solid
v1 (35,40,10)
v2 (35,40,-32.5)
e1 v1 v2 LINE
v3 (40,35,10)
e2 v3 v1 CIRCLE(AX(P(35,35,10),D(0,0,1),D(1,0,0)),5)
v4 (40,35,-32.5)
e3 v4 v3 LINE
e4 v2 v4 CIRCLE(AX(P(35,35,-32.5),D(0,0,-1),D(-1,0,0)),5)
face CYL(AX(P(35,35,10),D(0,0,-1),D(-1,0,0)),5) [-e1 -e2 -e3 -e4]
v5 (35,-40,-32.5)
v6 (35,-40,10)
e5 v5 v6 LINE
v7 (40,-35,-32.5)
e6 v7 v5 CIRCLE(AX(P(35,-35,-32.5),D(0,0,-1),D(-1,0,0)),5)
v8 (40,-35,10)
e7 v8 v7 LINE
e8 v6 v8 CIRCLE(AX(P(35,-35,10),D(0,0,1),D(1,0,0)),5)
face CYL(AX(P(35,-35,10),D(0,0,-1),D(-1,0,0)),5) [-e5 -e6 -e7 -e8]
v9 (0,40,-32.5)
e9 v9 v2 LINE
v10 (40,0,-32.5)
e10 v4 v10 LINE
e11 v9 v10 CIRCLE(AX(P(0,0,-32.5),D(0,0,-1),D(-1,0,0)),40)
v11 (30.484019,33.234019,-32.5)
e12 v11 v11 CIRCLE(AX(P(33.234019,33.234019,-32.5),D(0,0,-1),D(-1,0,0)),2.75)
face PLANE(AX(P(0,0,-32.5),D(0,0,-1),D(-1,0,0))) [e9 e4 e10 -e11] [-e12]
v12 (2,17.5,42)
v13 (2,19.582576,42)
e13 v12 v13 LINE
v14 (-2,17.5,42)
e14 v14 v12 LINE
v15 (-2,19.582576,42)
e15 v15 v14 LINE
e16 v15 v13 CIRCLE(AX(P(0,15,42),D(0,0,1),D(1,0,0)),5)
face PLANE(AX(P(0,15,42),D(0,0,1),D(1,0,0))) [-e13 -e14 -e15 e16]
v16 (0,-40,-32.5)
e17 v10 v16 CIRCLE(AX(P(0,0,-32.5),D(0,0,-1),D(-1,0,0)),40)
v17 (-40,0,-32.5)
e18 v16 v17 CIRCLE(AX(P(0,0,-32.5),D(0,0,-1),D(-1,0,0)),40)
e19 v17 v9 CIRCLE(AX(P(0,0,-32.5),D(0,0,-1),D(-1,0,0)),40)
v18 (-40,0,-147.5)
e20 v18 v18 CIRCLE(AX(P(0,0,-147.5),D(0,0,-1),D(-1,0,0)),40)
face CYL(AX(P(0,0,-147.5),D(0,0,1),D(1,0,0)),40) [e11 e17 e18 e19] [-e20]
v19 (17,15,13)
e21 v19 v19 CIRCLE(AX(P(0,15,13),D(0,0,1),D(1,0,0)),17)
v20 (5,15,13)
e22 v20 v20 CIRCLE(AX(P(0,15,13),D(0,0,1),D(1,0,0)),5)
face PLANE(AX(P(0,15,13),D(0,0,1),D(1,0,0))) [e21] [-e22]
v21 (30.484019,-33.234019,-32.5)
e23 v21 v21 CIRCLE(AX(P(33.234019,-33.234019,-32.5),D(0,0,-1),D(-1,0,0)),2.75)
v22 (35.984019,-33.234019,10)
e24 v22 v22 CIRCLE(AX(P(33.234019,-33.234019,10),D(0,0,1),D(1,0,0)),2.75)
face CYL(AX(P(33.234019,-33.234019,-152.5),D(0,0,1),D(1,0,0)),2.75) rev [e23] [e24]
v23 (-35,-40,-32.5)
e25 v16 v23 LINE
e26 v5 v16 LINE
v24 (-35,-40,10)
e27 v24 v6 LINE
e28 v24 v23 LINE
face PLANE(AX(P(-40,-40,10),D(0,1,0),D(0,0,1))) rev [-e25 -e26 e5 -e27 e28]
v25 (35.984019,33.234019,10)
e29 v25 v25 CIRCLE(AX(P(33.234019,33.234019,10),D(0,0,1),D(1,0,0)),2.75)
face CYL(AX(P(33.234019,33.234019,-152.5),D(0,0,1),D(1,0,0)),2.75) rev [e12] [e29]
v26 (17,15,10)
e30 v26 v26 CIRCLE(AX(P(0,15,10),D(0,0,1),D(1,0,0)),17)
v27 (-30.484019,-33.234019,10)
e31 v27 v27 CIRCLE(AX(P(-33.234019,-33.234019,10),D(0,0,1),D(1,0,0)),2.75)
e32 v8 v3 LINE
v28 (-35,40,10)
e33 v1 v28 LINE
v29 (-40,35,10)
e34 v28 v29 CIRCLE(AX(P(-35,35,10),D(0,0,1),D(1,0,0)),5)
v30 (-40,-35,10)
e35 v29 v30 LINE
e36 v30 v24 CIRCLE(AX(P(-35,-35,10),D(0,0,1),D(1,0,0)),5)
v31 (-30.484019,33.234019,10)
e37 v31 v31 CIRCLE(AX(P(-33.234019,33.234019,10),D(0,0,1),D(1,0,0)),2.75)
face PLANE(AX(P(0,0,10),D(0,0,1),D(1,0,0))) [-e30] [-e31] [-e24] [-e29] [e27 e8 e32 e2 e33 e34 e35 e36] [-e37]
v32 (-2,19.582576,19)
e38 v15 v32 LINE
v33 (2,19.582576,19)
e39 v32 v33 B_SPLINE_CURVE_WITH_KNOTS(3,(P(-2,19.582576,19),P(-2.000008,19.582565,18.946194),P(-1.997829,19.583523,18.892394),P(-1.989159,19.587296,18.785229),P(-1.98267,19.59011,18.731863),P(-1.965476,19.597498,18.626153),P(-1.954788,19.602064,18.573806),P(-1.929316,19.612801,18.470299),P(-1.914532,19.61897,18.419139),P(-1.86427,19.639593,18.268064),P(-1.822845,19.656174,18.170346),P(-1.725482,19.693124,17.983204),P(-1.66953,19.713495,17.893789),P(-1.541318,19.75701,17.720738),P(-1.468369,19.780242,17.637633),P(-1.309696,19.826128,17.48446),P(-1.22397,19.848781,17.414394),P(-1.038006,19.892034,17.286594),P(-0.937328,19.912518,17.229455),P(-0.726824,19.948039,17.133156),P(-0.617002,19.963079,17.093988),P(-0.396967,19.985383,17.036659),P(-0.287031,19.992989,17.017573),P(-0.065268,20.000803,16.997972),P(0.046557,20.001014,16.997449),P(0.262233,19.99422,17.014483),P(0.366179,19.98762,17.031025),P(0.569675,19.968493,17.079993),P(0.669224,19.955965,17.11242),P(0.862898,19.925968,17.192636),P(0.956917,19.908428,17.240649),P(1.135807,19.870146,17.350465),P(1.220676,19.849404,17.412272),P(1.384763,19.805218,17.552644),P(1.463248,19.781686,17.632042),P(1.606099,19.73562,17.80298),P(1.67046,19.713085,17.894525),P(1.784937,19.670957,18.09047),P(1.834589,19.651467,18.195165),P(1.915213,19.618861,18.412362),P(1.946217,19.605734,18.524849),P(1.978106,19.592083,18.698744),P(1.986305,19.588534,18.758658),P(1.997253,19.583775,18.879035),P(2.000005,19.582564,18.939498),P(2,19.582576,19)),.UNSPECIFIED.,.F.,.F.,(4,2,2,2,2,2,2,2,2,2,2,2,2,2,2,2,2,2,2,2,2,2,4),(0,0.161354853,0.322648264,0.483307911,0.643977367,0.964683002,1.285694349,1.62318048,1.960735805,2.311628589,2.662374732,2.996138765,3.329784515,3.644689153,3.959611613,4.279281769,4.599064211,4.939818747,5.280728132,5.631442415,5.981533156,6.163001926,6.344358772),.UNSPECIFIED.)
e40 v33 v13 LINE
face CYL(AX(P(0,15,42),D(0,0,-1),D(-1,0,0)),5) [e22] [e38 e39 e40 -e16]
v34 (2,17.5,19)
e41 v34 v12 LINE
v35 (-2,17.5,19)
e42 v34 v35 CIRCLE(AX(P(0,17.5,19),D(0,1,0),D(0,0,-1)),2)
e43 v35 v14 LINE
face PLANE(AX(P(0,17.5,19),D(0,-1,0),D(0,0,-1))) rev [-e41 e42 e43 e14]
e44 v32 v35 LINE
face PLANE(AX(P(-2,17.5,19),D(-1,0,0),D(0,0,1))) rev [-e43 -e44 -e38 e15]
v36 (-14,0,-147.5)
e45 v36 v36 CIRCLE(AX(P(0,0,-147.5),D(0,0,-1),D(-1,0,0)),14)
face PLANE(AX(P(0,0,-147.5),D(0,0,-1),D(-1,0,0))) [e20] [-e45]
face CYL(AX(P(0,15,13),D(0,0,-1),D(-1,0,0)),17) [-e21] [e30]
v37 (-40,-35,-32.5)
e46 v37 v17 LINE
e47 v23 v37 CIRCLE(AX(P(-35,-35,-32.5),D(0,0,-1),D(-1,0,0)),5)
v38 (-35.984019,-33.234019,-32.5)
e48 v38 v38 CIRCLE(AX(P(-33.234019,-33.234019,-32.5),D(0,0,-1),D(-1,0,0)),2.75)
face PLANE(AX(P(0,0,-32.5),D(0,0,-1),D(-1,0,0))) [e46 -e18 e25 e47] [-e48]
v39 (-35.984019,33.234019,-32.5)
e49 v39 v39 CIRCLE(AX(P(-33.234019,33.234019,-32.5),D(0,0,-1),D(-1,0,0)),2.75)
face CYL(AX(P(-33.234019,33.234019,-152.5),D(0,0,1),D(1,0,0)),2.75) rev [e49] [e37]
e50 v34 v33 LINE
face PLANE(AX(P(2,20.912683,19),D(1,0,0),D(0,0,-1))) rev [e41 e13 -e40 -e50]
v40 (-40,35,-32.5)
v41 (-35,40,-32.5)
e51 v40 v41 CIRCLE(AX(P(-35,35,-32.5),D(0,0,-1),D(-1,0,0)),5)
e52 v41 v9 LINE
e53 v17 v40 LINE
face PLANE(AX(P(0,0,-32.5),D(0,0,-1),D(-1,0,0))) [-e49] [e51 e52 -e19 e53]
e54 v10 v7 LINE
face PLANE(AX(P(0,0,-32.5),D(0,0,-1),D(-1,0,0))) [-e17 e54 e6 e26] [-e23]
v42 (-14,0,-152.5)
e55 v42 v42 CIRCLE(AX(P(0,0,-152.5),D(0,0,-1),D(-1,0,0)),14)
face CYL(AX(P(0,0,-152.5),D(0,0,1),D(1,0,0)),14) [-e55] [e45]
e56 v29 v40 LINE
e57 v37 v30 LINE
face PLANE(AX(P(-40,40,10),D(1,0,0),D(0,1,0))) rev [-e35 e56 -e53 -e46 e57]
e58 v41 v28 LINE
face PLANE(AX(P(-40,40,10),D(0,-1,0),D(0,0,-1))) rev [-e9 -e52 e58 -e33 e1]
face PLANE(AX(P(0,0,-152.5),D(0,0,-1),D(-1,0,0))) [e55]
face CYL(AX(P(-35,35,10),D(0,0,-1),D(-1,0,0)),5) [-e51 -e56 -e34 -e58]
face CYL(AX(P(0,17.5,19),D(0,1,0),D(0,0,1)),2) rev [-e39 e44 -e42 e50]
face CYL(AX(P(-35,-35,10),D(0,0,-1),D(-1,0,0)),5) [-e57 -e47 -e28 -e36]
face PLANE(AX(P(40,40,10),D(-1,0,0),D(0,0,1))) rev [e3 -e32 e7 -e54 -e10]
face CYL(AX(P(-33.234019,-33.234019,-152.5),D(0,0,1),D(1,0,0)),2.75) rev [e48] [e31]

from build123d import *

# Parameters (mm, degrees)
SKETCH_1_W          = 80
SKETCH_1_H          = 80
EXTRUDE_1_DEPTH     = 10
SKETCH_2_R          = 17
EXTRUDE_2_DEPTH     = 3
SKETCH_3_R          = 5
EXTRUDE_3_DEPTH     = 29
CUT_EXTRUDE_1_DEPTH = 23
CUT_EXTRUDE_4_DEPTH = 2.5
SKETCH_7_W          = 80
SKETCH_7_H          = 80
EXTRUDE_6_DEPTH     = 32.5
SKETCH_10_R         = 40
EXTRUDE_7_DEPTH     = 115
SKETCH_11_R         = 14
EXTRUDE_8_DEPTH     = 5
SKETCH_12_R         = 2.75
CUT_EXTRUDE_5_DEPTH = 173.064668076
FILLET_1_R          = 5


with BuildPart() as part:
    # 스케치1 → 보스-돌출1 (new body)
    with BuildSketch(Plane.XY):
        Rectangle(SKETCH_1_W, SKETCH_1_H)
    extrude(amount=EXTRUDE_1_DEPTH)

    # 스케치2 → 보스-돌출2 (add)
    with BuildSketch(Plane.XY.offset(10)):
        with Locations((0, 15)):
            Circle(SKETCH_2_R)
    extrude(amount=EXTRUDE_2_DEPTH)

    # 스케치3 → 보스-돌출3 (add)
    with BuildSketch(Plane.XY.offset(13)):
        with Locations(Location((0, 15, 0), (0, 0, 180))):
            Circle(SKETCH_3_R)
    extrude(amount=EXTRUDE_3_DEPTH)

    # 스케치4 → 컷-돌출1 (cut)
    with BuildSketch(Plane.XY.offset(42)):
        Polygon((0, 17.5), (-2, 17.5), (-2, 20.912683476), (2, 20.912683476), (2, 17.5), align=None)
    extrude(amount=-CUT_EXTRUDE_1_DEPTH, mode=Mode.SUBTRACT)

    # 스케치6 → 컷-돌출4 (cut)
    with BuildSketch(Plane(origin=(0, 20, 0), x_dir=(1, 0, 0), z_dir=(0, 1, 0))):
        with BuildLine():
            Line((-2, -19), (-2, -52.407669752))
            Line((-2, -52.407669752), (2, -52.407669752))
            Line((2, -52.407669752), (2, -19))
            ThreePointArc((2, -19), (0, -17), (-2, -19))
        make_face()
    extrude(amount=-CUT_EXTRUDE_4_DEPTH, mode=Mode.SUBTRACT)

    # 스케치7 → 보스-돌출6 (add)
    with BuildSketch(Plane(origin=(0, 0, 0), x_dir=(-1, 0, 0), z_dir=(0, 0, -1))):
        Rectangle(SKETCH_7_W, SKETCH_7_H)
    extrude(amount=EXTRUDE_6_DEPTH)

    # 스케치10 → 보스-돌출7 (add)
    with BuildSketch(Plane(origin=(0, 0, -32.5), x_dir=(-1, 0, 0), z_dir=(0, 0, -1))):
        Circle(SKETCH_10_R)
    extrude(amount=EXTRUDE_7_DEPTH)

    # 스케치11 → 보스-돌출8 (add)
    with BuildSketch(Plane(origin=(0, 0, -147.5), x_dir=(-1, 0, 0), z_dir=(0, 0, -1))):
        Circle(SKETCH_11_R)
    extrude(amount=EXTRUDE_8_DEPTH)

    # 스케치12 → 컷-돌출5 (cut, through all)
    with BuildSketch(Plane.XY.offset(10)):
        with Locations((33.234018716, 33.234018716)):
            Circle(SKETCH_12_R)
        with Locations((-33.234018716, 33.234018716)):
            Circle(SKETCH_12_R)
        with Locations((-33.234018716, -33.234018716)):
            Circle(SKETCH_12_R)
        with Locations((33.234018716, -33.234018716)):
            Circle(SKETCH_12_R)
    extrude(amount=-CUT_EXTRUDE_5_DEPTH, mode=Mode.SUBTRACT)

    # 필렛1
    fillet_1_edges = [part.edges().sort_by_distance(p)[0] for p in [
        (40, -40, -11.25),
        (-40, -40, -11.25),
        (-40, 40, -11.25),
        (40, 40, -11.25),
    ]]
    fillet(fillet_1_edges, radius=FILLET_1_R)


solid = part.part
